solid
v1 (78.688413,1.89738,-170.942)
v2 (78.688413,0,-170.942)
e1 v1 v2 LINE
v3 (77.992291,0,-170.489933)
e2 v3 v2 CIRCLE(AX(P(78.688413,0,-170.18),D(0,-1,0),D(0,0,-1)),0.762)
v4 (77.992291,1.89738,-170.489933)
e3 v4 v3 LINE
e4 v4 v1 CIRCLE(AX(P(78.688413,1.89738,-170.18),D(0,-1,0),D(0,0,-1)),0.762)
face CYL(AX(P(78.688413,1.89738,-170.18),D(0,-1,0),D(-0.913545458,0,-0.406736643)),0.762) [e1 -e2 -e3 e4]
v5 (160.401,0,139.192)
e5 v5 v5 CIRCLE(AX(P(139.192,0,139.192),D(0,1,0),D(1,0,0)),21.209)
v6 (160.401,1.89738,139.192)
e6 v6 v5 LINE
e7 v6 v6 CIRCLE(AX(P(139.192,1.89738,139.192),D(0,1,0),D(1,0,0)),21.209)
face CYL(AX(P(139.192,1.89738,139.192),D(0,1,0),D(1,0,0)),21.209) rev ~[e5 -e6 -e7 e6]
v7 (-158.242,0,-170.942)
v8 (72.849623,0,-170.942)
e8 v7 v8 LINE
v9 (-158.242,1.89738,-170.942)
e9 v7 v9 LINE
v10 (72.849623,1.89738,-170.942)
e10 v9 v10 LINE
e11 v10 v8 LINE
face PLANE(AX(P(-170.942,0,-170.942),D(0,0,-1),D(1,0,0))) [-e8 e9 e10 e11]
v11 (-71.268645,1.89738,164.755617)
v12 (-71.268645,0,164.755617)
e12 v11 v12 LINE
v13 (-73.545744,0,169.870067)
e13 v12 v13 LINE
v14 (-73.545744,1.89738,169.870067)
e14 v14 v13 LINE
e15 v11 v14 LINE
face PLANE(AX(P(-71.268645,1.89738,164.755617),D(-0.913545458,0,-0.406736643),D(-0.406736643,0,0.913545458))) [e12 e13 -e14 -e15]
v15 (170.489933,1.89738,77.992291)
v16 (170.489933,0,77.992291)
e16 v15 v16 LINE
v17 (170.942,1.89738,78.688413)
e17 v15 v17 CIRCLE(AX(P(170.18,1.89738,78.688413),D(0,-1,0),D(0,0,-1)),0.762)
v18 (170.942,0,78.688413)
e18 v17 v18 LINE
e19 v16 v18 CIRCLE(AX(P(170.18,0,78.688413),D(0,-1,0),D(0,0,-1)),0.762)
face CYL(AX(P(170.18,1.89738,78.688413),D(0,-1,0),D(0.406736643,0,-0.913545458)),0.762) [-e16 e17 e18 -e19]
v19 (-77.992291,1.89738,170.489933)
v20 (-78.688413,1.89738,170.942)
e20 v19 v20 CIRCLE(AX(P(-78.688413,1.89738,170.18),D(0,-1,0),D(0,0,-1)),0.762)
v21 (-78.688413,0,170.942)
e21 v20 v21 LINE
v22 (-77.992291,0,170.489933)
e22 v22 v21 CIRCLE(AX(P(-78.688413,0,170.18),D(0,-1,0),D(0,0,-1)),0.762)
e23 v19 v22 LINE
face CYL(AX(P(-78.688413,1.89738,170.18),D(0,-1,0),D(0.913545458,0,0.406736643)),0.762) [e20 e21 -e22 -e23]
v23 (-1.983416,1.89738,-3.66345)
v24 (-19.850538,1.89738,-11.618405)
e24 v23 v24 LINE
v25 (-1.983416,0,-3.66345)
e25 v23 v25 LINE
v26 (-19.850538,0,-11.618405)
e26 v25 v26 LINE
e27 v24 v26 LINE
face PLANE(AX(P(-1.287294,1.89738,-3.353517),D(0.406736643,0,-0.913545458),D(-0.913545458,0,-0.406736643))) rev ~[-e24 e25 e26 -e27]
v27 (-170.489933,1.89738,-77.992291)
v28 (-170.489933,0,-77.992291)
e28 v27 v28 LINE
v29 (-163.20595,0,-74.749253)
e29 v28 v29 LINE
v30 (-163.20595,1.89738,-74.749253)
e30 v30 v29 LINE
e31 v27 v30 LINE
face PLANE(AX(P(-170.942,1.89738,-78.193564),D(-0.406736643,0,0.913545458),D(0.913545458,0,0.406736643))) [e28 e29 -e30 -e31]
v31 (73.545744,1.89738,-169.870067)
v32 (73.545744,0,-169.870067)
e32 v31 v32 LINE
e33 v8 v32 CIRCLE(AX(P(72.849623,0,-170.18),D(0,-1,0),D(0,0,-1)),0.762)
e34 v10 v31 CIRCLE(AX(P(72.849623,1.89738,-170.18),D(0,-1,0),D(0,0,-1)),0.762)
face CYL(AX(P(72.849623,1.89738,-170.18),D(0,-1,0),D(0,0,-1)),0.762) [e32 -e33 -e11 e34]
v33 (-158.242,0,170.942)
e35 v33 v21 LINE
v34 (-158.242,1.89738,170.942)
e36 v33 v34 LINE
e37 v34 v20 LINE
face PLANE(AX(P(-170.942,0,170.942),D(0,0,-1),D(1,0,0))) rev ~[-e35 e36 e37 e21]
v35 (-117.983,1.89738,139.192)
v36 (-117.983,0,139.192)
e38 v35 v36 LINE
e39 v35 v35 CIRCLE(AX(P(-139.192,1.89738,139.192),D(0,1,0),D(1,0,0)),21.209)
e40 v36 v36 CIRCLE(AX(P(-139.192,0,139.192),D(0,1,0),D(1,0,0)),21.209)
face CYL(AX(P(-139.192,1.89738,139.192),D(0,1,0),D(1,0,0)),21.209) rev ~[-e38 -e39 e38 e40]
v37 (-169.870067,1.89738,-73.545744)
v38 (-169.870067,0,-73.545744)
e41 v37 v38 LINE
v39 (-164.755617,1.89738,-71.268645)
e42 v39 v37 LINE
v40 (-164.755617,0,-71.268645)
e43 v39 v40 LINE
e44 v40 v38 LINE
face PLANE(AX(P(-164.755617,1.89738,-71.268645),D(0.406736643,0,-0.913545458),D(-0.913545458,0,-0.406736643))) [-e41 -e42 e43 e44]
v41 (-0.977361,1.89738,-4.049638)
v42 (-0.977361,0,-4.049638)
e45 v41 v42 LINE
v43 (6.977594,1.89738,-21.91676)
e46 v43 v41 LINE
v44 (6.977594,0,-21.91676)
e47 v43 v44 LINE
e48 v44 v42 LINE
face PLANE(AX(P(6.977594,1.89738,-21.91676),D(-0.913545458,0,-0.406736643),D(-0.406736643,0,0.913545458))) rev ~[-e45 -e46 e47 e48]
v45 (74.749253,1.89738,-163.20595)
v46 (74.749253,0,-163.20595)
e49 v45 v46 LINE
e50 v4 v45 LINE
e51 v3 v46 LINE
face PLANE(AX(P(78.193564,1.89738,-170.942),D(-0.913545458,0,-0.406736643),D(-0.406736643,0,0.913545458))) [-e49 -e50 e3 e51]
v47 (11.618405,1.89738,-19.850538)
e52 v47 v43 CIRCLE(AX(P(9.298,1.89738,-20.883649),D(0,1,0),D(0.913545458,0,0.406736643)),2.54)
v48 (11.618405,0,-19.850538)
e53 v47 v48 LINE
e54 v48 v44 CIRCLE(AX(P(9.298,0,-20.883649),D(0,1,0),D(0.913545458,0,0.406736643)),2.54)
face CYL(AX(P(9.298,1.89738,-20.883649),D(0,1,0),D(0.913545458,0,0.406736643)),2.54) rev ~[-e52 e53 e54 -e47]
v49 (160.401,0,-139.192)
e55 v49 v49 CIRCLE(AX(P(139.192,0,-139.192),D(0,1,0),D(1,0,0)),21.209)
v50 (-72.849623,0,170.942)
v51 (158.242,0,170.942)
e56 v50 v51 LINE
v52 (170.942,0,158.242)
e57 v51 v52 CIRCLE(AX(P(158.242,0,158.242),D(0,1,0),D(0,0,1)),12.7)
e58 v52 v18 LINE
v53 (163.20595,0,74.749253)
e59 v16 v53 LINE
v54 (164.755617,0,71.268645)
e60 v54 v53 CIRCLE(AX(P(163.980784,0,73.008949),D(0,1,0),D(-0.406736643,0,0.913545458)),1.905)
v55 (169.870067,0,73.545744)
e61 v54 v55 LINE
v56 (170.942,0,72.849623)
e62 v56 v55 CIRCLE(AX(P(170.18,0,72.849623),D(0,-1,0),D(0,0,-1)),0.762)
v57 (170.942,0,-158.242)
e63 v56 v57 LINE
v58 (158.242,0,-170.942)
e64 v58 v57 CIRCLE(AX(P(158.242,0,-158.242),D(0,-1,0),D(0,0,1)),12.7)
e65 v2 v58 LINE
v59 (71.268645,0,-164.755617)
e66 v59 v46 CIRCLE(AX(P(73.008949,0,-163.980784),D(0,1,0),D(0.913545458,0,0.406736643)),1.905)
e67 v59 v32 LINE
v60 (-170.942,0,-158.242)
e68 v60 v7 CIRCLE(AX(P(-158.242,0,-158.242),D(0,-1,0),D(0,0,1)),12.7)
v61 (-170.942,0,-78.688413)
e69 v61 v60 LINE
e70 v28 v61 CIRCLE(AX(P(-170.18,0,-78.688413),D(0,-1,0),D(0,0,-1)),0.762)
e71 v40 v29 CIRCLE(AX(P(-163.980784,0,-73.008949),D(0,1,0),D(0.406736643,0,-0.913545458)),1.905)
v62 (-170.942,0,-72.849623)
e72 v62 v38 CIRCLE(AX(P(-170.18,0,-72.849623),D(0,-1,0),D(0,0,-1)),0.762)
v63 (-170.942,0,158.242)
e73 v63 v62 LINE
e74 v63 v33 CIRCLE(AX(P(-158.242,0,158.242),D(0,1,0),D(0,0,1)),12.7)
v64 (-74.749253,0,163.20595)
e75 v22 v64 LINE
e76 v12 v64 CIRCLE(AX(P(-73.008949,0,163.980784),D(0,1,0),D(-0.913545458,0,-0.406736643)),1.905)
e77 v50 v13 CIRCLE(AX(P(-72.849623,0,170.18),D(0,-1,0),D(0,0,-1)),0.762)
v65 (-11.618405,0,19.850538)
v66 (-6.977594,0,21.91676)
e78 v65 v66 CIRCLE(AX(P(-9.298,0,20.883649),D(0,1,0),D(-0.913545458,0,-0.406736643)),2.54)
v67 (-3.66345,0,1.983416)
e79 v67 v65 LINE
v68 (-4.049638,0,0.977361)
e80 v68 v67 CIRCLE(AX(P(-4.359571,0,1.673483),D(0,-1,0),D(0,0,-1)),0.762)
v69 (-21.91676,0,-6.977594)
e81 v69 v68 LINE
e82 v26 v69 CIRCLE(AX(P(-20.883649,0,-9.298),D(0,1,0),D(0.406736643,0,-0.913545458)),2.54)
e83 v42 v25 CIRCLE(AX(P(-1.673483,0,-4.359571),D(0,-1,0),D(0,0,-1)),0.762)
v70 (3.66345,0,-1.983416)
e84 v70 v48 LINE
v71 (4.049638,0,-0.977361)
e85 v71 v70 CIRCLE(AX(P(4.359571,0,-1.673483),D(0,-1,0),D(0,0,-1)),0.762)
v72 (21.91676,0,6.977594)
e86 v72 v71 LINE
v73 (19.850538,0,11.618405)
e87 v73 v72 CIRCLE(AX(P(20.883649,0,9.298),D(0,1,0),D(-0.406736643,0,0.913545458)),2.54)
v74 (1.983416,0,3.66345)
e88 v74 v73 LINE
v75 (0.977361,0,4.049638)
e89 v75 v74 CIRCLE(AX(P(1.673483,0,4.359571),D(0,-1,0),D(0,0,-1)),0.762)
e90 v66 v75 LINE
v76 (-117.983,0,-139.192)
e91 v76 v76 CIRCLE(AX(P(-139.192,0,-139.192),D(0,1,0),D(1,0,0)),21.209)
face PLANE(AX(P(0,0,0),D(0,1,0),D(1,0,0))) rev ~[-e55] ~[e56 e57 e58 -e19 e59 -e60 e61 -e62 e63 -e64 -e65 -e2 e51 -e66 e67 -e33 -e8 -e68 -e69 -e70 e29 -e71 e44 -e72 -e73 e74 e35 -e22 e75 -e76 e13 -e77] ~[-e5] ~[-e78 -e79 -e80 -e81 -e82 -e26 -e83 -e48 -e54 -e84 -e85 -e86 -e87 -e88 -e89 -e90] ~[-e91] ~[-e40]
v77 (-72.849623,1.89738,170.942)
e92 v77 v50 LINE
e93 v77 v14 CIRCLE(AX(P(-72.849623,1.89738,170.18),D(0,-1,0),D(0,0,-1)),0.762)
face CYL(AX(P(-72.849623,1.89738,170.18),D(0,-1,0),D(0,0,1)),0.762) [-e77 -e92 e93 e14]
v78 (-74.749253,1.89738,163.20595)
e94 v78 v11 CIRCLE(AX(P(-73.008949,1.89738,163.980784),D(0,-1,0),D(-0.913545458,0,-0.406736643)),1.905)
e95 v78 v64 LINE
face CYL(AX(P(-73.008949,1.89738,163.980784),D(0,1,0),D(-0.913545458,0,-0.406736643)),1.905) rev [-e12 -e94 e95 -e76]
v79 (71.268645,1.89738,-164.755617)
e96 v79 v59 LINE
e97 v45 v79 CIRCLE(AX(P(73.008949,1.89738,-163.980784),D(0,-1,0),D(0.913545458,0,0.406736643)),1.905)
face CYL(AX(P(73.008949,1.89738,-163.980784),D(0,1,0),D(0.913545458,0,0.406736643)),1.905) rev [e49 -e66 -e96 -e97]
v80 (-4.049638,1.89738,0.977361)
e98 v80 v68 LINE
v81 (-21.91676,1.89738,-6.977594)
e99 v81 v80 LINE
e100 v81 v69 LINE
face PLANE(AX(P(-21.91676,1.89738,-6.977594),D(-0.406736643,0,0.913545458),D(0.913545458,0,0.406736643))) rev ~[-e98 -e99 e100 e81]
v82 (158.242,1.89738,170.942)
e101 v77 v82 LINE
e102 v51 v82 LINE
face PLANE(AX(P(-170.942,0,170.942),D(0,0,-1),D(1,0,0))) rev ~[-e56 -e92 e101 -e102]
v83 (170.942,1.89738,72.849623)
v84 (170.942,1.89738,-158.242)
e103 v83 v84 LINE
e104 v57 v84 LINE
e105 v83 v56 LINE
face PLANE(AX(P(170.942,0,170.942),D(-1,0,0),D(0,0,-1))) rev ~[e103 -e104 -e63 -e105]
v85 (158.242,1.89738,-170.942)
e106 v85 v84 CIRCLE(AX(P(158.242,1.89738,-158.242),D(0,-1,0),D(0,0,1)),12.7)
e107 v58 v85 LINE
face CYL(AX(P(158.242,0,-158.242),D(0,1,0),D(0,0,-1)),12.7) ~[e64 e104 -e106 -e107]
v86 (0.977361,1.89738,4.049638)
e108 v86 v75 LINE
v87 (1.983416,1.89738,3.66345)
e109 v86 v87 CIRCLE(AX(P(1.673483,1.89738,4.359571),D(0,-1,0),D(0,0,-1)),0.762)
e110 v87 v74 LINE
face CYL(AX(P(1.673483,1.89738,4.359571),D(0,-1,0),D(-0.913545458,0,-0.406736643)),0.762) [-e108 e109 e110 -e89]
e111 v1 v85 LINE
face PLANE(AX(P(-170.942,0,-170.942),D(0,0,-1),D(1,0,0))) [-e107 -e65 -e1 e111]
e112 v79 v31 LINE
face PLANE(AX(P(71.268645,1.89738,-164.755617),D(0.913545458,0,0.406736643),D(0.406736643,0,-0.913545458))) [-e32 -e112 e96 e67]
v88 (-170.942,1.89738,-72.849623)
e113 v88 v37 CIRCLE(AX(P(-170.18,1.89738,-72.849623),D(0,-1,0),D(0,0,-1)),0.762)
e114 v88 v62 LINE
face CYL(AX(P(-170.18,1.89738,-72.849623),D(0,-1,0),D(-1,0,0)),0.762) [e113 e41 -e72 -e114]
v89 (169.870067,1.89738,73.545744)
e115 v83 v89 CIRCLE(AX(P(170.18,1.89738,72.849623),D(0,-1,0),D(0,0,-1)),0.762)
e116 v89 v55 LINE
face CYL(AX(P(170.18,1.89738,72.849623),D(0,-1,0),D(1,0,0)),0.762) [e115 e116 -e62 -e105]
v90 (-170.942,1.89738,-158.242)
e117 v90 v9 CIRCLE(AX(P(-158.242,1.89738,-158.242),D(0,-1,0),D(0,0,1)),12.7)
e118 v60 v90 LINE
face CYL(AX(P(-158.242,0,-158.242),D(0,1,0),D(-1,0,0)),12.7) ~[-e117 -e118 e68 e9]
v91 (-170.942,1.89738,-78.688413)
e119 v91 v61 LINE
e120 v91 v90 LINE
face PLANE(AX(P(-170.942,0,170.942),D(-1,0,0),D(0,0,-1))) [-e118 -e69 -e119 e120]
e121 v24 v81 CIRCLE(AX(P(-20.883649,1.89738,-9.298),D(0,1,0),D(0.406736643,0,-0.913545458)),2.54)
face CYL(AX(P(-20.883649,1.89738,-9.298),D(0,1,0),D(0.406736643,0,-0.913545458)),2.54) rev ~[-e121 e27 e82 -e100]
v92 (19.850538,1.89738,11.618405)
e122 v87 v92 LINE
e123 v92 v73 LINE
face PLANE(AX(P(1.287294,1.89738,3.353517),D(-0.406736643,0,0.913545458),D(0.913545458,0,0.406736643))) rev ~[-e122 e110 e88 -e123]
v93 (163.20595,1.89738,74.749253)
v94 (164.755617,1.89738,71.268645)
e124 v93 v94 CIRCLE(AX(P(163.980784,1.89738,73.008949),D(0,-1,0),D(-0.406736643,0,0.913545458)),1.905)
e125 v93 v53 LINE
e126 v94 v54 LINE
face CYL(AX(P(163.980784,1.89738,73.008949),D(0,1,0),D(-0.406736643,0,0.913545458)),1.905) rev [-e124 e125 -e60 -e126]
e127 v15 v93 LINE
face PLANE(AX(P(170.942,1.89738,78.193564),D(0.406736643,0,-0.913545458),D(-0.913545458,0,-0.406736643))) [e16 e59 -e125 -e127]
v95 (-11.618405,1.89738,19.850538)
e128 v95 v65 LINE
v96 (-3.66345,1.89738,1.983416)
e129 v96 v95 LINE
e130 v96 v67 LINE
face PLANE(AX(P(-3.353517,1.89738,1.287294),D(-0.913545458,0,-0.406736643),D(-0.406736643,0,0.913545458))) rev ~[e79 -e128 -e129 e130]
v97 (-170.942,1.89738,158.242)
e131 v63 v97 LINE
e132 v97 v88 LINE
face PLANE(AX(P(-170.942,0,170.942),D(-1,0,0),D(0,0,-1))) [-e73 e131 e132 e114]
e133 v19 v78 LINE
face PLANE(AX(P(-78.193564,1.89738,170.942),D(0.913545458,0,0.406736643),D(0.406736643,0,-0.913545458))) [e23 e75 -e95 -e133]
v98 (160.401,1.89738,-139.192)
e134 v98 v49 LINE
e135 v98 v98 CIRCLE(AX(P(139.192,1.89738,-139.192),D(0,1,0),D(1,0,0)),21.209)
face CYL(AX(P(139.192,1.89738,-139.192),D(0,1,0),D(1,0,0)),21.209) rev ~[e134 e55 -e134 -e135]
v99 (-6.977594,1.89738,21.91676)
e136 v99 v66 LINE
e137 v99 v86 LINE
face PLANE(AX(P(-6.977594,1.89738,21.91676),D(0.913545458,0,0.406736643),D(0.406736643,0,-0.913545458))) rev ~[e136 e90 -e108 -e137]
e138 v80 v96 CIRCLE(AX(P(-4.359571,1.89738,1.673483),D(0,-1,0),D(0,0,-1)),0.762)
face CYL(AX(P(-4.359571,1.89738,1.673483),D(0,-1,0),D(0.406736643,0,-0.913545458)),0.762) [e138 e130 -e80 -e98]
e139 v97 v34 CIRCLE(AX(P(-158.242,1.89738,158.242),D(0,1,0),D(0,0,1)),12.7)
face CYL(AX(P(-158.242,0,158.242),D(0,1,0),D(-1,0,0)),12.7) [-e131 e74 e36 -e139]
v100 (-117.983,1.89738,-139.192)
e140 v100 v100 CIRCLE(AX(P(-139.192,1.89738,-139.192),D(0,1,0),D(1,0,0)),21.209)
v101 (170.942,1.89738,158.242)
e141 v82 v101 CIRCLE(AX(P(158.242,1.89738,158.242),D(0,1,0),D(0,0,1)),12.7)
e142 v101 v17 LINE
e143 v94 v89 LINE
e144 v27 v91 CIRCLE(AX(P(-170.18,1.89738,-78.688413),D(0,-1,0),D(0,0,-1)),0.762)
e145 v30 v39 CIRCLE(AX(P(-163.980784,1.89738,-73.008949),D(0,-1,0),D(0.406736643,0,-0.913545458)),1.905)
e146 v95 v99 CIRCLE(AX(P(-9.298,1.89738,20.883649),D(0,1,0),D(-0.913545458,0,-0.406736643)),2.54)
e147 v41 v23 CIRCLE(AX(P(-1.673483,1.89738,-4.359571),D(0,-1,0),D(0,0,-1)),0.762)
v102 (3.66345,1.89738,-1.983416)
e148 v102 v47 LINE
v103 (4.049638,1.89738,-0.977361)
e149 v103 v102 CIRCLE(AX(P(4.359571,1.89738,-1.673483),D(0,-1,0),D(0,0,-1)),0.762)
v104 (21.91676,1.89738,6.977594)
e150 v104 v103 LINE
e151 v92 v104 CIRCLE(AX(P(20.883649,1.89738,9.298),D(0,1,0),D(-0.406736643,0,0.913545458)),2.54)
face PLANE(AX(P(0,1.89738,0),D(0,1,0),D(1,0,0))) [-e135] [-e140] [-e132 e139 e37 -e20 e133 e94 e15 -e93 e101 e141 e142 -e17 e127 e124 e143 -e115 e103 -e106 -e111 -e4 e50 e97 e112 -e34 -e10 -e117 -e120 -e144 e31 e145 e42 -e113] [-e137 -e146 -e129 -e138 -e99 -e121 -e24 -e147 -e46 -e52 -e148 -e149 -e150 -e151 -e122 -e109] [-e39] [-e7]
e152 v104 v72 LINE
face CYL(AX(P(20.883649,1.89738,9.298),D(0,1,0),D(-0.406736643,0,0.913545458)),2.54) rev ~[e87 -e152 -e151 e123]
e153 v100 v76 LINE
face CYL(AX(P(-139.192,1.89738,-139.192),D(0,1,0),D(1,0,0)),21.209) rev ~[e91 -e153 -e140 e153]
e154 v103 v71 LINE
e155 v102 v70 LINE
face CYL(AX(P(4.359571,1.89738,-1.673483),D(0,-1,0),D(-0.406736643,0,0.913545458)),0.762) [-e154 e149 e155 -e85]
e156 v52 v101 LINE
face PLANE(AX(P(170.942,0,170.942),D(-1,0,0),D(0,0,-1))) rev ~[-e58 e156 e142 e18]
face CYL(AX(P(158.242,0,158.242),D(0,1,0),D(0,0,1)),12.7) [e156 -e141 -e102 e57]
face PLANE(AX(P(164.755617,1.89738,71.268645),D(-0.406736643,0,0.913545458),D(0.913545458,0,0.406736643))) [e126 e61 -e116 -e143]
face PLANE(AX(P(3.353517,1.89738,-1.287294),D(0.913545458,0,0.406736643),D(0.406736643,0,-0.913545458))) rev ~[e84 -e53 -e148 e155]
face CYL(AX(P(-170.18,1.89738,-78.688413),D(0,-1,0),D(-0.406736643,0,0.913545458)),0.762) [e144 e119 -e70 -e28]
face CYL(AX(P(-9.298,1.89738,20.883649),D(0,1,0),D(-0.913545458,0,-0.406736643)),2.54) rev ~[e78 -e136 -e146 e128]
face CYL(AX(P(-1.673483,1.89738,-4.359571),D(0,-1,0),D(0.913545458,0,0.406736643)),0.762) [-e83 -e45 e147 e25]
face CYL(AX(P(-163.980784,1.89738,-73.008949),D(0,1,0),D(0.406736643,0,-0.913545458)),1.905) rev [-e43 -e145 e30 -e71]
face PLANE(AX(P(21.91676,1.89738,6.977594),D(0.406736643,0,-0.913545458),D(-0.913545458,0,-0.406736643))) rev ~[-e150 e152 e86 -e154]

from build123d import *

# Parameters (mm, degrees)
SKETCH1_W           = 341.884
SKETCH1_H           = 341.884
BOSS_EXTRUDE1_DEPTH = 1.89738
SKETCH2_R           = 21.209
CUT_EXTRUDE1_DEPTH  = 2.89738
FILLET2_R           = 12.7
CUT_EXTRUDE3_DEPTH  = 2.89738
FILLET3_R           = 0.762


with BuildPart() as part:
    # Sketch1 → Boss-Extrude1 (new body)
    with BuildSketch(Plane(origin=(0, 0, 0), x_dir=(1, 0, 0), z_dir=(0, 1, 0))):
        Rectangle(SKETCH1_W, SKETCH1_H)
    extrude(amount=BOSS_EXTRUDE1_DEPTH)

    # Sketch2 → Cut-Extrude1 (cut, through all)
    with BuildSketch(Plane(origin=(0, 1.89738, 0), x_dir=(1, 0, 0), z_dir=(0, 1, 0))):
        with Locations((-139.192, -139.192)):
            Circle(SKETCH2_R)
        with Locations((-139.192, 139.192)):
            Circle(SKETCH2_R)
        with Locations((139.192, 139.192)):
            Circle(SKETCH2_R)
        with Locations((139.192, -139.192)):
            Circle(SKETCH2_R)
    extrude(amount=-CUT_EXTRUDE1_DEPTH, mode=Mode.SUBTRACT)

    # Fillet2
    fillet2_edges = [part.edges().sort_by_distance(p)[0] for p in [
        (-170.942, 0.94869, -170.942),
        (170.942, 0.94869, -170.942),
        (170.942, 0.94869, 170.942),
        (-170.942, 0.94869, 170.942),
    ]]
    fillet(fillet2_edges, radius=FILLET2_R)

    # Sketch6 → Cut-Extrude3 (cut, through all)
    with BuildSketch(Plane(origin=(0, 1.89738, 0), x_dir=(1, 0, 0), z_dir=(0, 1, 0))):
        with BuildLine():
            Line((6.977594198, 21.916760235), (-1.287294389, 3.353516536))
            Line((-1.287294389, 3.353516536), (-19.850538088, 11.618405123))
            ThreePointArc((-19.850538088, 11.618405123), (-23.204054624, 10.331110734), (-21.916760235, 6.977594198))
            Line((-21.916760235, 6.977594198), (-3.353516536, -1.287294389))
            Line((-3.353516536, -1.287294389), (-11.618405123, -19.850538088))
            ThreePointArc((-11.618405123, -19.850538088), (-10.331110734, -23.204054624), (-6.977594198, -21.916760235))
            Line((-6.977594198, -21.916760235), (1.287294389, -3.353516536))
            Line((1.287294389, -3.353516536), (19.850538088, -11.618405123))
            ThreePointArc((19.850538088, -11.618405123), (23.204054624, -10.331110734), (21.916760235, -6.977594198))
            Line((21.916760235, -6.977594198), (3.353516536, 1.287294389))
            Line((3.353516536, 1.287294389), (11.618405123, 19.850538088))
            ThreePointArc((11.618405123, 19.850538088), (10.331110734, 23.204054624), (6.977594198, 21.916760235))
        make_face()
        with BuildLine():
            Line((-170.942, 78.193564035), (-163.205950308, 74.749252801))
            ThreePointArc((-163.205950308, 74.749252801), (-162.240479516, 72.234115399), (-164.755616918, 71.268644607))
            Line((-164.755616918, 71.268644607), (-170.942, 74.022999813))
            Line((-170.942, 74.022999813), (-170.942, 78.193564035))
        make_face()
        with BuildLine():
            Line((74.022999813, 170.942), (78.193564035, 170.942))
            Line((78.193564035, 170.942), (74.749252801, 163.205950308))
            ThreePointArc((74.749252801, 163.205950308), (72.234115399, 162.240479516), (71.268644607, 164.755616918))
            Line((71.268644607, 164.755616918), (74.022999813, 170.942))
        make_face()
        with BuildLine():
            Line((170.942, -74.022999813), (170.942, -78.193564035))
            Line((170.942, -78.193564035), (163.205950308, -74.749252801))
            ThreePointArc((163.205950308, -74.749252801), (162.240479516, -72.234115399), (164.755616918, -71.268644607))
            Line((164.755616918, -71.268644607), (170.942, -74.022999813))
        make_face()
        with BuildLine():
            Line((-74.022999813, -170.942), (-78.193564035, -170.942))
            Line((-78.193564035, -170.942), (-74.749252801, -163.205950308))
            ThreePointArc((-74.749252801, -163.205950308), (-72.234115399, -162.240479516), (-71.268644607, -164.755616918))
            Line((-71.268644607, -164.755616918), (-74.022999813, -170.942))
        make_face()
    extrude(amount=-CUT_EXTRUDE3_DEPTH, mode=Mode.SUBTRACT)

    # Fillet3
    fillet3_edges = [part.edges().sort_by_distance(p)[0] for p in [
        (78.193564035, 0.94869, -170.942),
        (74.022999813, 0.94869, -170.942),
        (-170.942, 0.94869, -74.022999813),
        (-170.942, 0.94869, -78.193564035),
        (3.353516536, 0.94869, -1.287294389),
        (1.287294389, 0.94869, 3.353516536),
        (-3.353516536, 0.94869, 1.287294389),
        (-1.287294389, 0.94869, -3.353516536),
        (-78.193564035, 0.94869, 170.942),
        (-74.022999813, 0.94869, 170.942),
        (170.942, 0.94869, 78.193564035),
        (170.942, 0.94869, 74.022999813),
    ]]
    fillet(fillet3_edges, radius=FILLET3_R)


solid = part.part
